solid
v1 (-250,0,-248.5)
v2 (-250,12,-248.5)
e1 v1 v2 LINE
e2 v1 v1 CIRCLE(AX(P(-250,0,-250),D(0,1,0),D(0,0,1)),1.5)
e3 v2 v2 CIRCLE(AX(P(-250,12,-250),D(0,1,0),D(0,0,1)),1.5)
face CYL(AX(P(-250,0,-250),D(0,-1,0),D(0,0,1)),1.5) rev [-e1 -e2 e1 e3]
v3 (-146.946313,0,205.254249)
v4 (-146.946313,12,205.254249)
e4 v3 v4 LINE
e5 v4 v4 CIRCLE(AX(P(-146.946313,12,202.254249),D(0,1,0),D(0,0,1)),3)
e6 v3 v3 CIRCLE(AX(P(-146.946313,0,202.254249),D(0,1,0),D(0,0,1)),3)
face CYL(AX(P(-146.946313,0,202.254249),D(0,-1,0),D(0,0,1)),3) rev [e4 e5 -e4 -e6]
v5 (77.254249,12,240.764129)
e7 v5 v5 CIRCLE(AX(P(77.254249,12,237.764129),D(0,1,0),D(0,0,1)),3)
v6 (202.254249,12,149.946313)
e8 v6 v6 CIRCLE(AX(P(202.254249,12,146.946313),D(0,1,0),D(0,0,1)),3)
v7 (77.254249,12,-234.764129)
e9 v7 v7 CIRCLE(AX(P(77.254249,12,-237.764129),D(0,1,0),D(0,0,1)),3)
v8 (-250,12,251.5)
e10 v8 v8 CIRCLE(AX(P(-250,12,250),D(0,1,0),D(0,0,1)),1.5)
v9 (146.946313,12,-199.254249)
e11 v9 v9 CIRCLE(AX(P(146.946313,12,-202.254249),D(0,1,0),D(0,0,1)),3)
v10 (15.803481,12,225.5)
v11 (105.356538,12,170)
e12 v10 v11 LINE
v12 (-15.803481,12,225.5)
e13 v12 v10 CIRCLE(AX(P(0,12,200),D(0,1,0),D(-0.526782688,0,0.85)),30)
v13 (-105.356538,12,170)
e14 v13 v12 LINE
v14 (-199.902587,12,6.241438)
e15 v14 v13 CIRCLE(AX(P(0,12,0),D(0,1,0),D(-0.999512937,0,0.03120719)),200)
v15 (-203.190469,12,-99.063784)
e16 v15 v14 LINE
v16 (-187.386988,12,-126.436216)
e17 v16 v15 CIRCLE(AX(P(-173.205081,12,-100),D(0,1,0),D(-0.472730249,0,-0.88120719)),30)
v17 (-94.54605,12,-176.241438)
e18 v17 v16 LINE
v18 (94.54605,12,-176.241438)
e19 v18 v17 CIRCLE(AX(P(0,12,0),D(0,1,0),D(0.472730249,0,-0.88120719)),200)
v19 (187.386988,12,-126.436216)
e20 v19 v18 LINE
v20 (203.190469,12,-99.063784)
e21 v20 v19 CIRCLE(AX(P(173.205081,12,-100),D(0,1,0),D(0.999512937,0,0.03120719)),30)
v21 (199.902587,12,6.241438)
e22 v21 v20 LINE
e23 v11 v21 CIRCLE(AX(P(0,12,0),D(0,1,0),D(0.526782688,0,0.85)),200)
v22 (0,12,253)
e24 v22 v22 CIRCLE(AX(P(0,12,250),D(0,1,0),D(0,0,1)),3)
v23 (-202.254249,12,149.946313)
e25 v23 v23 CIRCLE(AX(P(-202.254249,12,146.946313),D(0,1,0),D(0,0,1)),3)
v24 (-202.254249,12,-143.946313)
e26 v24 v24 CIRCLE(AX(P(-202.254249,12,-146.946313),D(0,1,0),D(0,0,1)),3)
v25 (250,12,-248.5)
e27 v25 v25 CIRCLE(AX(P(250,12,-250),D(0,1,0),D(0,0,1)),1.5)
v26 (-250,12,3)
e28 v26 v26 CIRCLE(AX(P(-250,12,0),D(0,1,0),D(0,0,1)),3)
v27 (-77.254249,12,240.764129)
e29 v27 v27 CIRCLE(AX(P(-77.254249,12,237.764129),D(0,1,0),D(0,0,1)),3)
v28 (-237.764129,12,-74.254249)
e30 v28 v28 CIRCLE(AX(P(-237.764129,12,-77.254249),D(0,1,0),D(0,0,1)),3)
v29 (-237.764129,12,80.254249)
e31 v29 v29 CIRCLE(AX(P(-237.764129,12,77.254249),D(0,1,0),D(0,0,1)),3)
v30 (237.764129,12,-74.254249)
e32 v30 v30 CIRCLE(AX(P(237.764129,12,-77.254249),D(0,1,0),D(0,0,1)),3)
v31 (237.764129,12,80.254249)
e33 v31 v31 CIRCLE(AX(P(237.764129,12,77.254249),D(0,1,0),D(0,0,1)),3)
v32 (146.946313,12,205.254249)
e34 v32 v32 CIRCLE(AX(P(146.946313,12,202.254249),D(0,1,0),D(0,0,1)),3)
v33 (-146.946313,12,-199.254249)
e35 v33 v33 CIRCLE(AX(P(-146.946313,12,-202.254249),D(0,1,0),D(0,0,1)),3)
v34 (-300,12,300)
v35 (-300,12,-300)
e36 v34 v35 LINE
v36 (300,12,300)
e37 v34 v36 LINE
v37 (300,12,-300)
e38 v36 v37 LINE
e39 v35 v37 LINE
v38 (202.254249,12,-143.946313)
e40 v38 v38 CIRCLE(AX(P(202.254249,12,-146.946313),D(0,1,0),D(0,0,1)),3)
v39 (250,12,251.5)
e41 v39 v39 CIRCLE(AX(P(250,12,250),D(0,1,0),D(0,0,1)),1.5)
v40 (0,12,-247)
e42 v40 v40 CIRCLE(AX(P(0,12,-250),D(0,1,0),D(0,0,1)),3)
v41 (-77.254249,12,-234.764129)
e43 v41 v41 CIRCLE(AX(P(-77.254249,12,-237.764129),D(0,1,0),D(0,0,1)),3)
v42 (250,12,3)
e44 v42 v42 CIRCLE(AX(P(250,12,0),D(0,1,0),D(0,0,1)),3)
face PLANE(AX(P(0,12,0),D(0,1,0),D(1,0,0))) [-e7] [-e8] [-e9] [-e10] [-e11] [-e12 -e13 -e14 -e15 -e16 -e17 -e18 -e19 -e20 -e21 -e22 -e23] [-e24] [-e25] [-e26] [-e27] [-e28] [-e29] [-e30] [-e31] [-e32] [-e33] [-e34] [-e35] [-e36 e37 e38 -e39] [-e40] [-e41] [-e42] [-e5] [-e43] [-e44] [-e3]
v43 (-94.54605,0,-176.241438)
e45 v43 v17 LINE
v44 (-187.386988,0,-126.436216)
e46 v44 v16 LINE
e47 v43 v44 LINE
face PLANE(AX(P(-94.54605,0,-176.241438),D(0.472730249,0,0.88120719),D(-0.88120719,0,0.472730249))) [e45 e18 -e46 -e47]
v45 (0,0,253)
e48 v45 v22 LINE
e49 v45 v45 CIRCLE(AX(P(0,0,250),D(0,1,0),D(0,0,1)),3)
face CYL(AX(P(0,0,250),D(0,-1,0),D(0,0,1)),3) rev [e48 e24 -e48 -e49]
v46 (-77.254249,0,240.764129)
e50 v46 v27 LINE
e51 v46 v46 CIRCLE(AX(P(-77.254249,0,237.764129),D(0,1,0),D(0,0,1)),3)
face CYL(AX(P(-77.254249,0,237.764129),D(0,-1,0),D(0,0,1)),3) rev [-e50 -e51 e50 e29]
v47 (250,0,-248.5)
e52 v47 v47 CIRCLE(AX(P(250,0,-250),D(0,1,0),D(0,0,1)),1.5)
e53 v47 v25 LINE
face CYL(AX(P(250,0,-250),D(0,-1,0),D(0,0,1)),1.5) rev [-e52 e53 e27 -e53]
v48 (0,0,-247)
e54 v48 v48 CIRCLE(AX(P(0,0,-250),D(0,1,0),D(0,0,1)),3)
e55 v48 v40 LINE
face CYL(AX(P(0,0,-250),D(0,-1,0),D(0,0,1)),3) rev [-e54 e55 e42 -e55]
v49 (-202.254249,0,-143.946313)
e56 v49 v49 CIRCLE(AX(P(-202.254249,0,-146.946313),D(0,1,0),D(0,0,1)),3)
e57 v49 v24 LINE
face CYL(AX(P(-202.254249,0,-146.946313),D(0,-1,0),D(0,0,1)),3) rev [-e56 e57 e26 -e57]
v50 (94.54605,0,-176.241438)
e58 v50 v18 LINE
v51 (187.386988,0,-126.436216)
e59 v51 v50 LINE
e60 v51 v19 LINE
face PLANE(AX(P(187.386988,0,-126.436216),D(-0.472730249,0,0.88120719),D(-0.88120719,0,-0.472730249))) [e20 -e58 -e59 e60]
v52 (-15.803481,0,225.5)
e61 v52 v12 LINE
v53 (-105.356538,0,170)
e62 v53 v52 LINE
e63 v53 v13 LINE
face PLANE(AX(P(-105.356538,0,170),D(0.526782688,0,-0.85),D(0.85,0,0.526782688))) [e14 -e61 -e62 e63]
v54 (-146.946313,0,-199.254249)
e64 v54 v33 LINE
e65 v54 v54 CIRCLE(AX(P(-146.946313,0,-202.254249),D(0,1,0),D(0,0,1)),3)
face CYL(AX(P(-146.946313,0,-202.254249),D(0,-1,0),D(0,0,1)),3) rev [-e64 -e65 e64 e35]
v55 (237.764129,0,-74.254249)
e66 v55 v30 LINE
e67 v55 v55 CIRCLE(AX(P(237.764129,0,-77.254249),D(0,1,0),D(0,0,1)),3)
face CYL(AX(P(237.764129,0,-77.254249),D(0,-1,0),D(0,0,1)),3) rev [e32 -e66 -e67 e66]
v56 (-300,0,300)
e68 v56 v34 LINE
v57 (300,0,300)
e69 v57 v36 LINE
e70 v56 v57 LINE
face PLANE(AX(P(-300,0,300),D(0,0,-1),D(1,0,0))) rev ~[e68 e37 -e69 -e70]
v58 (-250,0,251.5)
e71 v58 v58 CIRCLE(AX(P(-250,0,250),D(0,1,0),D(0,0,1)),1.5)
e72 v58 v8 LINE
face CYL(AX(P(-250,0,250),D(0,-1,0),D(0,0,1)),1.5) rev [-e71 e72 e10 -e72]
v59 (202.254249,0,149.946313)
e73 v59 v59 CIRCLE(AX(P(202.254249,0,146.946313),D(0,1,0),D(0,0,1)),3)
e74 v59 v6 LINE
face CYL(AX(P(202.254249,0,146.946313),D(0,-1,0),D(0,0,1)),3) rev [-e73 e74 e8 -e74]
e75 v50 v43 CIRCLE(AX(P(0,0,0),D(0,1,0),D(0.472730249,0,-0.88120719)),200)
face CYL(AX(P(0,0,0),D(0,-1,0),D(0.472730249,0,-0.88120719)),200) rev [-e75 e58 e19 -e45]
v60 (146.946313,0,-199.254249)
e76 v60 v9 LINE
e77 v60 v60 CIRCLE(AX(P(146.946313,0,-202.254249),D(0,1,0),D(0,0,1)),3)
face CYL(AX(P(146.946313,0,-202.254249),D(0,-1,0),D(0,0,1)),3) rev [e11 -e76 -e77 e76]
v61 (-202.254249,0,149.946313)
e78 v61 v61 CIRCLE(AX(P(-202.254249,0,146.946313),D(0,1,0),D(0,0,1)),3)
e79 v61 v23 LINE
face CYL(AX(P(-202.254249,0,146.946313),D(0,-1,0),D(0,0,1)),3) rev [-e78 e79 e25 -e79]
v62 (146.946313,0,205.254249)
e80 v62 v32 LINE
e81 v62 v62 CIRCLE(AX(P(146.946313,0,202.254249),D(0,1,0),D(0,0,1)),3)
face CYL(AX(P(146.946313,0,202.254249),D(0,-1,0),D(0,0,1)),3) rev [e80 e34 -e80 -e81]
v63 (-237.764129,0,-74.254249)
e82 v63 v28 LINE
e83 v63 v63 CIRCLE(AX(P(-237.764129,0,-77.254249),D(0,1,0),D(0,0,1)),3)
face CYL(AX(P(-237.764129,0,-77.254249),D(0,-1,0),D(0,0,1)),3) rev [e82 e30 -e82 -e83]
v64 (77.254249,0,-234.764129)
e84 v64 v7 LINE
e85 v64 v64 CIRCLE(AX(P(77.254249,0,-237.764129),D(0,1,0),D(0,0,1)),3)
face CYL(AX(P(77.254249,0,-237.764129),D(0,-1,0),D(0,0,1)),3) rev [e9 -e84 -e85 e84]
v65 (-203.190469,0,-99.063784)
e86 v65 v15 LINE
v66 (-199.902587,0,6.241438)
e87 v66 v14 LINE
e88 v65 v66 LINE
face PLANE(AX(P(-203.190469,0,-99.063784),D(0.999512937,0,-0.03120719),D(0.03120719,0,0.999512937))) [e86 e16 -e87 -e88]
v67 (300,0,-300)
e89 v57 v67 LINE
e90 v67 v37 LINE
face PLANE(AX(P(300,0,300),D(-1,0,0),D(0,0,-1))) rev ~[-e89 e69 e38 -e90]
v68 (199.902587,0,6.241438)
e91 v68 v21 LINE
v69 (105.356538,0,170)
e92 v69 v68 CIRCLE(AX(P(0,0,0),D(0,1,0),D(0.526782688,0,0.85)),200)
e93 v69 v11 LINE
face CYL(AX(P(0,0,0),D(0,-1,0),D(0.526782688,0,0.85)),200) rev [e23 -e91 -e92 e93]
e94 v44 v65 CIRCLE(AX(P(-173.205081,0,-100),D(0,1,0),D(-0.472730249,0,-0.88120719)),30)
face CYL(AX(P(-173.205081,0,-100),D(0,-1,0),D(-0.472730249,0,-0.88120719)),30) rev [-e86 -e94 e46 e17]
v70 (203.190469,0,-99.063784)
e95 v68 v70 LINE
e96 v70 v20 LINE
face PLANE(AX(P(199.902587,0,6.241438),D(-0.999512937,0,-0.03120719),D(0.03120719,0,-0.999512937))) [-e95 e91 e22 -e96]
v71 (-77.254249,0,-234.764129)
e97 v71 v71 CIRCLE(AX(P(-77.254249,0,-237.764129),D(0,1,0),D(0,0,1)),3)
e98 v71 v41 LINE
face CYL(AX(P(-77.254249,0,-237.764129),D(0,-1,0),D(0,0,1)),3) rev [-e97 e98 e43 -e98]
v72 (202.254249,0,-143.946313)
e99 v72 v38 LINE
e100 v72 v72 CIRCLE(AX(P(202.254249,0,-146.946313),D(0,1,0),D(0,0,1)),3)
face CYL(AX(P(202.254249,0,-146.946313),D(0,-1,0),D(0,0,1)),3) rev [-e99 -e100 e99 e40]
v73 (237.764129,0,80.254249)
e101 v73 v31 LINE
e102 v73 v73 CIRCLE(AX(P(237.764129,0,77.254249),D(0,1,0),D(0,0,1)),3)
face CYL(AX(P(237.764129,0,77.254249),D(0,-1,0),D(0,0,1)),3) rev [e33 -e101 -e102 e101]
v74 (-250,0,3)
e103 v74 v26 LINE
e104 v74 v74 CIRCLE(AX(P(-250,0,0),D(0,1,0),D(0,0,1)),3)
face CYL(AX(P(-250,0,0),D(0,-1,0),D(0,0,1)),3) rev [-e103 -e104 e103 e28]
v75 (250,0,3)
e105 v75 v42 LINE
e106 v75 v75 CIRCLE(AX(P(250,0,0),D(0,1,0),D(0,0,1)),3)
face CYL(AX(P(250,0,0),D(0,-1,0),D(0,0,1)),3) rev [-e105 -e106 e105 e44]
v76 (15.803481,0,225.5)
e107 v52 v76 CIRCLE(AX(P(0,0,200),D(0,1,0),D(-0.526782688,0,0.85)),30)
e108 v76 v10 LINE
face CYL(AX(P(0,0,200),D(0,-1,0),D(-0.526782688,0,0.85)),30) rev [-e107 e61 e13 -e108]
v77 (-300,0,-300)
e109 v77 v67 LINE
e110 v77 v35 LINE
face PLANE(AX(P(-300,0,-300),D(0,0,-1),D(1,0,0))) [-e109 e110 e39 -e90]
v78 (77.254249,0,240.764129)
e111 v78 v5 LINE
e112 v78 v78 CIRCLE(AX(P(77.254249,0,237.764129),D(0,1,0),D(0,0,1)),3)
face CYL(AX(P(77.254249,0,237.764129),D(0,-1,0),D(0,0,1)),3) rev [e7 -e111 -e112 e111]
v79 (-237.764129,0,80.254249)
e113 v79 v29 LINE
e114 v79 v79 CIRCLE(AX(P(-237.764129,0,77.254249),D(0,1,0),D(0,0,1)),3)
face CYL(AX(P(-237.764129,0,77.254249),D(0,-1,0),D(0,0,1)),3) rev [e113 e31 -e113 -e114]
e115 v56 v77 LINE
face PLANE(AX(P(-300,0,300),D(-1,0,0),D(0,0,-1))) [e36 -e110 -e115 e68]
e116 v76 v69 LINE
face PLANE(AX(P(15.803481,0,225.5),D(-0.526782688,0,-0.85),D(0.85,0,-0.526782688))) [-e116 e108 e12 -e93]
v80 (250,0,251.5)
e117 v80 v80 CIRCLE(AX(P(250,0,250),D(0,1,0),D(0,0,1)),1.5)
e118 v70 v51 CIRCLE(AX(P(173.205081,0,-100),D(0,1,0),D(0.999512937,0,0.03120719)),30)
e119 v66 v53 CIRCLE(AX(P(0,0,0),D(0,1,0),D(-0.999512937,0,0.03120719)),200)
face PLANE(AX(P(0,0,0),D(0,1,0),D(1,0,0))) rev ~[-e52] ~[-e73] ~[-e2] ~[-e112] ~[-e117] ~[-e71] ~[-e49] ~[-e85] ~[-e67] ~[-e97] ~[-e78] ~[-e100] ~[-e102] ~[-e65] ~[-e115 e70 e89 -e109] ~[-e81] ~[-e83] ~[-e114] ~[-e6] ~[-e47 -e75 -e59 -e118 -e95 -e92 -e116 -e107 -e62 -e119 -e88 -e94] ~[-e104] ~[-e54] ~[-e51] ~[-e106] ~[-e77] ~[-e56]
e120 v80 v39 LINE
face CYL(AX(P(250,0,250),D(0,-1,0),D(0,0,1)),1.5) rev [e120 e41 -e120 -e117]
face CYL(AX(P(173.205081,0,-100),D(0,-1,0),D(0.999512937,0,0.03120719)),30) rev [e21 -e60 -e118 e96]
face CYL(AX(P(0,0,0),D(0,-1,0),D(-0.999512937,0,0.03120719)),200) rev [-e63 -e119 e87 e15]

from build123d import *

# Parameters (mm, degrees)
SKETCH1_W           = 600
SKETCH1_H           = 600
SKETCH1_R           = 3
SKETCH1_R_2         = 1.5
BOSS_EXTRUDE1_DEPTH = 12


with BuildPart() as part:
    # Sketch1 → Boss-Extrude1 (new body)
    with BuildSketch(Plane(origin=(0, 0, 0), x_dir=(1, 0, 0), z_dir=(0, 1, 0))):
        Rectangle(SKETCH1_W, SKETCH1_H)
        with Locations(Location((0, 250, 0), (0, 0, 270))):
            Circle(SKETCH1_R, mode=Mode.SUBTRACT)
        with Locations(Location((77.254248594, 237.764129074, 0), (0, 0, 270))):
            Circle(SKETCH1_R, mode=Mode.SUBTRACT)
        with Locations(Location((146.946313073, 202.254248594, 0), (0, 0, 270))):
            Circle(SKETCH1_R, mode=Mode.SUBTRACT)
        with Locations(Location((202.254248594, 146.946313073, 0), (0, 0, 270))):
            Circle(SKETCH1_R, mode=Mode.SUBTRACT)
        with Locations(Location((237.764129074, 77.254248594, 0), (0, 0, 270))):
            Circle(SKETCH1_R, mode=Mode.SUBTRACT)
        with Locations(Location((250, 0, 0), (0, 0, 270))):
            Circle(SKETCH1_R, mode=Mode.SUBTRACT)
        with Locations(Location((237.764129074, -77.254248594, 0), (0, 0, 270))):
            Circle(SKETCH1_R, mode=Mode.SUBTRACT)
        with Locations(Location((202.254248594, -146.946313073, 0), (0, 0, 270))):
            Circle(SKETCH1_R, mode=Mode.SUBTRACT)
        with Locations(Location((146.946313073, -202.254248594, 0), (0, 0, 270))):
            Circle(SKETCH1_R, mode=Mode.SUBTRACT)
        with Locations(Location((77.254248594, -237.764129074, 0), (0, 0, 270))):
            Circle(SKETCH1_R, mode=Mode.SUBTRACT)
        with Locations(Location((0, -250, 0), (0, 0, 270))):
            Circle(SKETCH1_R, mode=Mode.SUBTRACT)
        with Locations(Location((-77.254248594, -237.764129074, 0), (0, 0, 270))):
            Circle(SKETCH1_R, mode=Mode.SUBTRACT)
        with Locations(Location((-146.946313073, -202.254248594, 0), (0, 0, 270))):
            Circle(SKETCH1_R, mode=Mode.SUBTRACT)
        with Locations(Location((-202.254248594, -146.946313073, 0), (0, 0, 270))):
            Circle(SKETCH1_R, mode=Mode.SUBTRACT)
        with Locations(Location((-237.764129074, -77.254248594, 0), (0, 0, 270))):
            Circle(SKETCH1_R, mode=Mode.SUBTRACT)
        with Locations(Location((-250, 0, 0), (0, 0, 270))):
            Circle(SKETCH1_R, mode=Mode.SUBTRACT)
        with Locations(Location((-237.764129074, 77.254248594, 0), (0, 0, 270))):
            Circle(SKETCH1_R, mode=Mode.SUBTRACT)
        with Locations(Location((-202.254248594, 146.946313073, 0), (0, 0, 270))):
            Circle(SKETCH1_R, mode=Mode.SUBTRACT)
        with Locations(Location((-146.946313073, 202.254248594, 0), (0, 0, 270))):
            Circle(SKETCH1_R, mode=Mode.SUBTRACT)
        with Locations(Location((-77.254248594, 237.764129074, 0), (0, 0, 270))):
            Circle(SKETCH1_R, mode=Mode.SUBTRACT)
        with Locations(Location((-250, 250, 0), (0, 0, 270))):
            Circle(SKETCH1_R_2, mode=Mode.SUBTRACT)
        with Locations(Location((250, 250, 0), (0, 0, 270))):
            Circle(SKETCH1_R_2, mode=Mode.SUBTRACT)
        with Locations(Location((250, -250, 0), (0, 0, 270))):
            Circle(SKETCH1_R_2, mode=Mode.SUBTRACT)
        with Locations(Location((-250, -250, 0), (0, 0, 270))):
            Circle(SKETCH1_R_2, mode=Mode.SUBTRACT)
        with BuildLine():
            Line((-203.190468868, 99.063784307), (-199.902587408, -6.241437954))
            ThreePointArc((-199.902587408, -6.241437954), (-173.205080757, -100), (-105.356537529, -170))
            Line((-105.356537529, -170), (-15.803480629, -225.5))
            ThreePointArc((-15.803480629, -225.5), (0, -230), (15.803480629, -225.5))
            Line((15.803480629, -225.5), (105.356537529, -170))
            ThreePointArc((105.356537529, -170), (173.205080757, -100), (199.902587408, -6.241437954))
            Line((199.902587408, -6.241437954), (203.190468868, 99.063784307))
            ThreePointArc((203.190468868, 99.063784307), (199.18584287, 115), (187.386988239, 126.436215693))
            Line((187.386988239, 126.436215693), (94.546049879, 176.241437954))
            ThreePointArc((94.546049879, 176.241437954), (0, 200), (-94.546049879, 176.241437954))
            Line((-94.546049879, 176.241437954), (-187.386988239, 126.436215693))
            ThreePointArc((-187.386988239, 126.436215693), (-199.18584287, 115), (-203.190468868, 99.063784307))
        make_face(mode=Mode.SUBTRACT)
    extrude(amount=BOSS_EXTRUDE1_DEPTH)


solid = part.part
